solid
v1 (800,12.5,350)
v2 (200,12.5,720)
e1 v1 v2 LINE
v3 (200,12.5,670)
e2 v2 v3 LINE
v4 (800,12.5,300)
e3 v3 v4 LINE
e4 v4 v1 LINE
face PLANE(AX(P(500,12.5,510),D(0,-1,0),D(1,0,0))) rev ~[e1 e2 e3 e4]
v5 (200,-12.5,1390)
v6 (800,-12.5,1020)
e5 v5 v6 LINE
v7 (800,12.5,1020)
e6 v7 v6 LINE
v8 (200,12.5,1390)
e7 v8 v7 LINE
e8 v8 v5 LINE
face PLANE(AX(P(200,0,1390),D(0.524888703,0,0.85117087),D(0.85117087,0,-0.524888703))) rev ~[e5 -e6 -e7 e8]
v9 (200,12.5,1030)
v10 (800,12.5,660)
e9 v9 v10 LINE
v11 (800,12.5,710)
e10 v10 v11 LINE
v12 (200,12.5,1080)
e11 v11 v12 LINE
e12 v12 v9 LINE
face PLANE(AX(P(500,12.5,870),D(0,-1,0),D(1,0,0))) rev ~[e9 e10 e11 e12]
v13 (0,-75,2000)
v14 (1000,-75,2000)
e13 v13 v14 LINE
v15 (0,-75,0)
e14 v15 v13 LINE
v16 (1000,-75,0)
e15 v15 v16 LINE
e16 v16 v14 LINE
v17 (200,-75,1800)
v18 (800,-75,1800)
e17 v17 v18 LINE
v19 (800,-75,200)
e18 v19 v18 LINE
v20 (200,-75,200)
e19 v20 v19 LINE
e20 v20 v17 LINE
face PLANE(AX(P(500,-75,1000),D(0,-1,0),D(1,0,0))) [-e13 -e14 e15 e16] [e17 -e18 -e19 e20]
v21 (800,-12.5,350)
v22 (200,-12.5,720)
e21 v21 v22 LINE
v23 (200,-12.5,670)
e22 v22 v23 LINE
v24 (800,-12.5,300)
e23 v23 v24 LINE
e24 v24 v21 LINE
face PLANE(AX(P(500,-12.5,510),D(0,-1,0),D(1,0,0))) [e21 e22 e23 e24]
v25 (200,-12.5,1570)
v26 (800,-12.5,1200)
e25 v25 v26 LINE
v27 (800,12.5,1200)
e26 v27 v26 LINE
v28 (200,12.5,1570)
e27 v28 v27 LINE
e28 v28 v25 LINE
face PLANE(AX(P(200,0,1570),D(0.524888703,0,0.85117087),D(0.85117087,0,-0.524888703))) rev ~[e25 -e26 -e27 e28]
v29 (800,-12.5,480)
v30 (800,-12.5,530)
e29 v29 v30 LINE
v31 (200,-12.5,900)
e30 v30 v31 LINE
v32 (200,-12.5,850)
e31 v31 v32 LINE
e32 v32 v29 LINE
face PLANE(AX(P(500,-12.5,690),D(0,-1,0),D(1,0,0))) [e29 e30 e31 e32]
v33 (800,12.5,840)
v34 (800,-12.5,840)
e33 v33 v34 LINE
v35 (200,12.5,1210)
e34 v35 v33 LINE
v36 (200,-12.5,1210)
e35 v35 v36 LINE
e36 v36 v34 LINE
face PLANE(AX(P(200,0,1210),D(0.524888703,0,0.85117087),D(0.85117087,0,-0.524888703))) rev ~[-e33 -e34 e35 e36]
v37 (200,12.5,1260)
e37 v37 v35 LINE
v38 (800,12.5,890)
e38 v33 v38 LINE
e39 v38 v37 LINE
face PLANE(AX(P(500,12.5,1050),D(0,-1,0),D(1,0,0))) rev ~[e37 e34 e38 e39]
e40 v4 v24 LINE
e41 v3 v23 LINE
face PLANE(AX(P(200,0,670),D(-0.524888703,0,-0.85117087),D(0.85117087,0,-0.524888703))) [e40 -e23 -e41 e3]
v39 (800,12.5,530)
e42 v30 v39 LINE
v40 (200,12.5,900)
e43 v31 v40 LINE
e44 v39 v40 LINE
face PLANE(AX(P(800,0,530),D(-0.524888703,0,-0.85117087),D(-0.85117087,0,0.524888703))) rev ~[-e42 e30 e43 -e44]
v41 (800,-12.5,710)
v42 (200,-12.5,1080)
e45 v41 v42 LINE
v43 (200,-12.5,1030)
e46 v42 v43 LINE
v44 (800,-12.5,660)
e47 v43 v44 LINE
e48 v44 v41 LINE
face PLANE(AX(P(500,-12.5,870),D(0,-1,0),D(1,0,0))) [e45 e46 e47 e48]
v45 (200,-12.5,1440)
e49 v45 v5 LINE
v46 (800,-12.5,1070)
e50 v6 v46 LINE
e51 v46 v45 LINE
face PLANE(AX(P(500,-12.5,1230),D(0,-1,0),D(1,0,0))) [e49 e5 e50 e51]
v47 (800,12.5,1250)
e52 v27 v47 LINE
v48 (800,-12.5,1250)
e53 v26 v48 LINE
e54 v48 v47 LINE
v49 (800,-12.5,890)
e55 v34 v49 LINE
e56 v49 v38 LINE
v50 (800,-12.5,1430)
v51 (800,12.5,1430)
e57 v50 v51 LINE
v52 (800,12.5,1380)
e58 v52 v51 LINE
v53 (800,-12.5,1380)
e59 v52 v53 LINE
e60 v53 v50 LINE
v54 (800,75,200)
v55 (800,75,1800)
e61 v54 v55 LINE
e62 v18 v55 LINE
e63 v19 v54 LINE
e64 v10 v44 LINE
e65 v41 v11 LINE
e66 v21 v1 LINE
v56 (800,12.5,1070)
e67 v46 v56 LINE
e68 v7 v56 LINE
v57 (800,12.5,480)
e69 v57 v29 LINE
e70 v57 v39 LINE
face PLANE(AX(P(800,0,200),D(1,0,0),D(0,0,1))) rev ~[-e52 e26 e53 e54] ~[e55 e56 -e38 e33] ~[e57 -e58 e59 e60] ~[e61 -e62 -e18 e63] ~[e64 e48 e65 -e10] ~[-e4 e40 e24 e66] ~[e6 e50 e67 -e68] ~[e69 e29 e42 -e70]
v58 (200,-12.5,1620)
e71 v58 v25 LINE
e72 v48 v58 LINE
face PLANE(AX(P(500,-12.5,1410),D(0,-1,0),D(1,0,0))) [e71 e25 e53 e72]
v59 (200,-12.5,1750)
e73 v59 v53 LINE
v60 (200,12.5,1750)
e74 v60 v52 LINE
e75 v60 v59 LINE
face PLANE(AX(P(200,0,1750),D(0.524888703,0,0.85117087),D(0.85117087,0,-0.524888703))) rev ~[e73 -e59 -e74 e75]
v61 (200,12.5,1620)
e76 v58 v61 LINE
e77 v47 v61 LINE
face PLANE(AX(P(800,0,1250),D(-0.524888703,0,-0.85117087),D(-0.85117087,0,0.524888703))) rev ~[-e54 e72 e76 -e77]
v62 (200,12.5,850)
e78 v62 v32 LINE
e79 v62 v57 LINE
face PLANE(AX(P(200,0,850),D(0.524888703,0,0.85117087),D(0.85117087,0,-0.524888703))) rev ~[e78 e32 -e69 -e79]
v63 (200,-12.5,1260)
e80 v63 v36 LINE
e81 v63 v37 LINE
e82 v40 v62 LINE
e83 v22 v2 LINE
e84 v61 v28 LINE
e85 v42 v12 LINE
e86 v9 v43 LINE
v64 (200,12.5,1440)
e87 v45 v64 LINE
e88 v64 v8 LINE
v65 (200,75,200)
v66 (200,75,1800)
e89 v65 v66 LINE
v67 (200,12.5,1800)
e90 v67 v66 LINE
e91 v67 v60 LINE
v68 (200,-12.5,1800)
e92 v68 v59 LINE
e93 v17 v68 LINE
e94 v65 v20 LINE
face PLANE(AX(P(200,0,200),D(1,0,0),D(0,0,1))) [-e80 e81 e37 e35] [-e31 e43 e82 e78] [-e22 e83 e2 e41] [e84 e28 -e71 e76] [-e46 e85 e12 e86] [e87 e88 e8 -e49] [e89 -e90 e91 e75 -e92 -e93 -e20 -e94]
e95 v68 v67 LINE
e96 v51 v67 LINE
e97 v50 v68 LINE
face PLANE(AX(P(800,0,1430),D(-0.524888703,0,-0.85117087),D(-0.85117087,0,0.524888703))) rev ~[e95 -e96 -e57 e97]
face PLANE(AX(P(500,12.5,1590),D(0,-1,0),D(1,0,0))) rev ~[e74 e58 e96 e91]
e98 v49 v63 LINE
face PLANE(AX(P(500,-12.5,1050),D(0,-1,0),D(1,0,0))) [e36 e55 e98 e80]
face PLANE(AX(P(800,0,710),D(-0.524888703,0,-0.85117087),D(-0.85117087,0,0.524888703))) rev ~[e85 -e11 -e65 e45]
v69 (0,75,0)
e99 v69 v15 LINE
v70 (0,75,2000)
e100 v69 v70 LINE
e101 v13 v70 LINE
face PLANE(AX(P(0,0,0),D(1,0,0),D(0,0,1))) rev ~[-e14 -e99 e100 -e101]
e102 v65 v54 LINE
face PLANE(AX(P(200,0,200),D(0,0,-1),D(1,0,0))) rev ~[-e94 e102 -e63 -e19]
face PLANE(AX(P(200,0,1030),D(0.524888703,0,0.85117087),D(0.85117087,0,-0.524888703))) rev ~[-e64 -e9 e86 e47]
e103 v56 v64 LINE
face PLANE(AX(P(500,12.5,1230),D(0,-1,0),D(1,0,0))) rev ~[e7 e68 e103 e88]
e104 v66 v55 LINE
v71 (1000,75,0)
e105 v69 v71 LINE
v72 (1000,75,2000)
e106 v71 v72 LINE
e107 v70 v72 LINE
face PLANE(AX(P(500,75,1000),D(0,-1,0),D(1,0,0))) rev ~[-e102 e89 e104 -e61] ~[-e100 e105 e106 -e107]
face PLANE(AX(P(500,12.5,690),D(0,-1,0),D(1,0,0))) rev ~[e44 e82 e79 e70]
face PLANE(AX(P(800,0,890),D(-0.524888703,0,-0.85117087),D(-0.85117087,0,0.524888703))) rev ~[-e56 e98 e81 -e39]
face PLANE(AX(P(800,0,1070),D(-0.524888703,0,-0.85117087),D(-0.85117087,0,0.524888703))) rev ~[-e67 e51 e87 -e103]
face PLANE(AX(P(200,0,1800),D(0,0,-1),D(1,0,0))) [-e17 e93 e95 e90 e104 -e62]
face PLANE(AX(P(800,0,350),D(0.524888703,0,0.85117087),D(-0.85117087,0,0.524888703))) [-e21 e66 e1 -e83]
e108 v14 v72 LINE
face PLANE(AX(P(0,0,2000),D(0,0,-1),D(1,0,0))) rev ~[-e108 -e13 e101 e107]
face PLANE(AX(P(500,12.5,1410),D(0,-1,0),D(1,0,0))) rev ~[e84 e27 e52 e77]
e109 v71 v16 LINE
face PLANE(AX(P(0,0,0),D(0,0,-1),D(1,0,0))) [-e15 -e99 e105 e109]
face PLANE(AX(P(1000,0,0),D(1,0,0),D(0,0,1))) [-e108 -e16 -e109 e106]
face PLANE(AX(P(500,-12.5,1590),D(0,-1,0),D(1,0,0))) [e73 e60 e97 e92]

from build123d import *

# Parameters (mm, degrees)
F0_W     = 1000
F0_H     = 2000
F0_W_2   = 600
F0_H_2   = 1600
F1_DEPTH = 75
F3_DEPTH = 12.5


with BuildPart() as f1:
    # F0 (on Front) → F1 (new body, symmetric)
    with BuildSketch(Plane.XZ):
        with Locations((500, 1000)):
            Rectangle(F0_W, F0_H)
        with Locations((500, 1000)):
            Rectangle(F0_W_2, F0_H_2, mode=Mode.SUBTRACT)
    extrude(amount=F1_DEPTH, both=True)

    # F2 (on Front) → F3 (join, symmetric)
    with BuildSketch(Plane.XZ):
        Polygon((200, 1800), (200, 1750), (800, 1380), (800, 1430), align=None)
        Polygon((200, 1620), (200, 1570), (800, 1200), (800, 1250), align=None)
        Polygon((200, 1440), (200, 1390), (800, 1020), (800, 1070), align=None)
        Polygon((200, 1260), (200, 1210), (800, 840), (800, 890), align=None)
        Polygon((200, 1080), (200, 1030), (800, 660), (800, 710), align=None)
        Polygon((200, 900), (200, 850), (800, 480), (800, 530), align=None)
        Polygon((200, 720), (200, 670), (800, 300), (800, 350), align=None)
    extrude(amount=F3_DEPTH, both=True)


solid = f1.part
